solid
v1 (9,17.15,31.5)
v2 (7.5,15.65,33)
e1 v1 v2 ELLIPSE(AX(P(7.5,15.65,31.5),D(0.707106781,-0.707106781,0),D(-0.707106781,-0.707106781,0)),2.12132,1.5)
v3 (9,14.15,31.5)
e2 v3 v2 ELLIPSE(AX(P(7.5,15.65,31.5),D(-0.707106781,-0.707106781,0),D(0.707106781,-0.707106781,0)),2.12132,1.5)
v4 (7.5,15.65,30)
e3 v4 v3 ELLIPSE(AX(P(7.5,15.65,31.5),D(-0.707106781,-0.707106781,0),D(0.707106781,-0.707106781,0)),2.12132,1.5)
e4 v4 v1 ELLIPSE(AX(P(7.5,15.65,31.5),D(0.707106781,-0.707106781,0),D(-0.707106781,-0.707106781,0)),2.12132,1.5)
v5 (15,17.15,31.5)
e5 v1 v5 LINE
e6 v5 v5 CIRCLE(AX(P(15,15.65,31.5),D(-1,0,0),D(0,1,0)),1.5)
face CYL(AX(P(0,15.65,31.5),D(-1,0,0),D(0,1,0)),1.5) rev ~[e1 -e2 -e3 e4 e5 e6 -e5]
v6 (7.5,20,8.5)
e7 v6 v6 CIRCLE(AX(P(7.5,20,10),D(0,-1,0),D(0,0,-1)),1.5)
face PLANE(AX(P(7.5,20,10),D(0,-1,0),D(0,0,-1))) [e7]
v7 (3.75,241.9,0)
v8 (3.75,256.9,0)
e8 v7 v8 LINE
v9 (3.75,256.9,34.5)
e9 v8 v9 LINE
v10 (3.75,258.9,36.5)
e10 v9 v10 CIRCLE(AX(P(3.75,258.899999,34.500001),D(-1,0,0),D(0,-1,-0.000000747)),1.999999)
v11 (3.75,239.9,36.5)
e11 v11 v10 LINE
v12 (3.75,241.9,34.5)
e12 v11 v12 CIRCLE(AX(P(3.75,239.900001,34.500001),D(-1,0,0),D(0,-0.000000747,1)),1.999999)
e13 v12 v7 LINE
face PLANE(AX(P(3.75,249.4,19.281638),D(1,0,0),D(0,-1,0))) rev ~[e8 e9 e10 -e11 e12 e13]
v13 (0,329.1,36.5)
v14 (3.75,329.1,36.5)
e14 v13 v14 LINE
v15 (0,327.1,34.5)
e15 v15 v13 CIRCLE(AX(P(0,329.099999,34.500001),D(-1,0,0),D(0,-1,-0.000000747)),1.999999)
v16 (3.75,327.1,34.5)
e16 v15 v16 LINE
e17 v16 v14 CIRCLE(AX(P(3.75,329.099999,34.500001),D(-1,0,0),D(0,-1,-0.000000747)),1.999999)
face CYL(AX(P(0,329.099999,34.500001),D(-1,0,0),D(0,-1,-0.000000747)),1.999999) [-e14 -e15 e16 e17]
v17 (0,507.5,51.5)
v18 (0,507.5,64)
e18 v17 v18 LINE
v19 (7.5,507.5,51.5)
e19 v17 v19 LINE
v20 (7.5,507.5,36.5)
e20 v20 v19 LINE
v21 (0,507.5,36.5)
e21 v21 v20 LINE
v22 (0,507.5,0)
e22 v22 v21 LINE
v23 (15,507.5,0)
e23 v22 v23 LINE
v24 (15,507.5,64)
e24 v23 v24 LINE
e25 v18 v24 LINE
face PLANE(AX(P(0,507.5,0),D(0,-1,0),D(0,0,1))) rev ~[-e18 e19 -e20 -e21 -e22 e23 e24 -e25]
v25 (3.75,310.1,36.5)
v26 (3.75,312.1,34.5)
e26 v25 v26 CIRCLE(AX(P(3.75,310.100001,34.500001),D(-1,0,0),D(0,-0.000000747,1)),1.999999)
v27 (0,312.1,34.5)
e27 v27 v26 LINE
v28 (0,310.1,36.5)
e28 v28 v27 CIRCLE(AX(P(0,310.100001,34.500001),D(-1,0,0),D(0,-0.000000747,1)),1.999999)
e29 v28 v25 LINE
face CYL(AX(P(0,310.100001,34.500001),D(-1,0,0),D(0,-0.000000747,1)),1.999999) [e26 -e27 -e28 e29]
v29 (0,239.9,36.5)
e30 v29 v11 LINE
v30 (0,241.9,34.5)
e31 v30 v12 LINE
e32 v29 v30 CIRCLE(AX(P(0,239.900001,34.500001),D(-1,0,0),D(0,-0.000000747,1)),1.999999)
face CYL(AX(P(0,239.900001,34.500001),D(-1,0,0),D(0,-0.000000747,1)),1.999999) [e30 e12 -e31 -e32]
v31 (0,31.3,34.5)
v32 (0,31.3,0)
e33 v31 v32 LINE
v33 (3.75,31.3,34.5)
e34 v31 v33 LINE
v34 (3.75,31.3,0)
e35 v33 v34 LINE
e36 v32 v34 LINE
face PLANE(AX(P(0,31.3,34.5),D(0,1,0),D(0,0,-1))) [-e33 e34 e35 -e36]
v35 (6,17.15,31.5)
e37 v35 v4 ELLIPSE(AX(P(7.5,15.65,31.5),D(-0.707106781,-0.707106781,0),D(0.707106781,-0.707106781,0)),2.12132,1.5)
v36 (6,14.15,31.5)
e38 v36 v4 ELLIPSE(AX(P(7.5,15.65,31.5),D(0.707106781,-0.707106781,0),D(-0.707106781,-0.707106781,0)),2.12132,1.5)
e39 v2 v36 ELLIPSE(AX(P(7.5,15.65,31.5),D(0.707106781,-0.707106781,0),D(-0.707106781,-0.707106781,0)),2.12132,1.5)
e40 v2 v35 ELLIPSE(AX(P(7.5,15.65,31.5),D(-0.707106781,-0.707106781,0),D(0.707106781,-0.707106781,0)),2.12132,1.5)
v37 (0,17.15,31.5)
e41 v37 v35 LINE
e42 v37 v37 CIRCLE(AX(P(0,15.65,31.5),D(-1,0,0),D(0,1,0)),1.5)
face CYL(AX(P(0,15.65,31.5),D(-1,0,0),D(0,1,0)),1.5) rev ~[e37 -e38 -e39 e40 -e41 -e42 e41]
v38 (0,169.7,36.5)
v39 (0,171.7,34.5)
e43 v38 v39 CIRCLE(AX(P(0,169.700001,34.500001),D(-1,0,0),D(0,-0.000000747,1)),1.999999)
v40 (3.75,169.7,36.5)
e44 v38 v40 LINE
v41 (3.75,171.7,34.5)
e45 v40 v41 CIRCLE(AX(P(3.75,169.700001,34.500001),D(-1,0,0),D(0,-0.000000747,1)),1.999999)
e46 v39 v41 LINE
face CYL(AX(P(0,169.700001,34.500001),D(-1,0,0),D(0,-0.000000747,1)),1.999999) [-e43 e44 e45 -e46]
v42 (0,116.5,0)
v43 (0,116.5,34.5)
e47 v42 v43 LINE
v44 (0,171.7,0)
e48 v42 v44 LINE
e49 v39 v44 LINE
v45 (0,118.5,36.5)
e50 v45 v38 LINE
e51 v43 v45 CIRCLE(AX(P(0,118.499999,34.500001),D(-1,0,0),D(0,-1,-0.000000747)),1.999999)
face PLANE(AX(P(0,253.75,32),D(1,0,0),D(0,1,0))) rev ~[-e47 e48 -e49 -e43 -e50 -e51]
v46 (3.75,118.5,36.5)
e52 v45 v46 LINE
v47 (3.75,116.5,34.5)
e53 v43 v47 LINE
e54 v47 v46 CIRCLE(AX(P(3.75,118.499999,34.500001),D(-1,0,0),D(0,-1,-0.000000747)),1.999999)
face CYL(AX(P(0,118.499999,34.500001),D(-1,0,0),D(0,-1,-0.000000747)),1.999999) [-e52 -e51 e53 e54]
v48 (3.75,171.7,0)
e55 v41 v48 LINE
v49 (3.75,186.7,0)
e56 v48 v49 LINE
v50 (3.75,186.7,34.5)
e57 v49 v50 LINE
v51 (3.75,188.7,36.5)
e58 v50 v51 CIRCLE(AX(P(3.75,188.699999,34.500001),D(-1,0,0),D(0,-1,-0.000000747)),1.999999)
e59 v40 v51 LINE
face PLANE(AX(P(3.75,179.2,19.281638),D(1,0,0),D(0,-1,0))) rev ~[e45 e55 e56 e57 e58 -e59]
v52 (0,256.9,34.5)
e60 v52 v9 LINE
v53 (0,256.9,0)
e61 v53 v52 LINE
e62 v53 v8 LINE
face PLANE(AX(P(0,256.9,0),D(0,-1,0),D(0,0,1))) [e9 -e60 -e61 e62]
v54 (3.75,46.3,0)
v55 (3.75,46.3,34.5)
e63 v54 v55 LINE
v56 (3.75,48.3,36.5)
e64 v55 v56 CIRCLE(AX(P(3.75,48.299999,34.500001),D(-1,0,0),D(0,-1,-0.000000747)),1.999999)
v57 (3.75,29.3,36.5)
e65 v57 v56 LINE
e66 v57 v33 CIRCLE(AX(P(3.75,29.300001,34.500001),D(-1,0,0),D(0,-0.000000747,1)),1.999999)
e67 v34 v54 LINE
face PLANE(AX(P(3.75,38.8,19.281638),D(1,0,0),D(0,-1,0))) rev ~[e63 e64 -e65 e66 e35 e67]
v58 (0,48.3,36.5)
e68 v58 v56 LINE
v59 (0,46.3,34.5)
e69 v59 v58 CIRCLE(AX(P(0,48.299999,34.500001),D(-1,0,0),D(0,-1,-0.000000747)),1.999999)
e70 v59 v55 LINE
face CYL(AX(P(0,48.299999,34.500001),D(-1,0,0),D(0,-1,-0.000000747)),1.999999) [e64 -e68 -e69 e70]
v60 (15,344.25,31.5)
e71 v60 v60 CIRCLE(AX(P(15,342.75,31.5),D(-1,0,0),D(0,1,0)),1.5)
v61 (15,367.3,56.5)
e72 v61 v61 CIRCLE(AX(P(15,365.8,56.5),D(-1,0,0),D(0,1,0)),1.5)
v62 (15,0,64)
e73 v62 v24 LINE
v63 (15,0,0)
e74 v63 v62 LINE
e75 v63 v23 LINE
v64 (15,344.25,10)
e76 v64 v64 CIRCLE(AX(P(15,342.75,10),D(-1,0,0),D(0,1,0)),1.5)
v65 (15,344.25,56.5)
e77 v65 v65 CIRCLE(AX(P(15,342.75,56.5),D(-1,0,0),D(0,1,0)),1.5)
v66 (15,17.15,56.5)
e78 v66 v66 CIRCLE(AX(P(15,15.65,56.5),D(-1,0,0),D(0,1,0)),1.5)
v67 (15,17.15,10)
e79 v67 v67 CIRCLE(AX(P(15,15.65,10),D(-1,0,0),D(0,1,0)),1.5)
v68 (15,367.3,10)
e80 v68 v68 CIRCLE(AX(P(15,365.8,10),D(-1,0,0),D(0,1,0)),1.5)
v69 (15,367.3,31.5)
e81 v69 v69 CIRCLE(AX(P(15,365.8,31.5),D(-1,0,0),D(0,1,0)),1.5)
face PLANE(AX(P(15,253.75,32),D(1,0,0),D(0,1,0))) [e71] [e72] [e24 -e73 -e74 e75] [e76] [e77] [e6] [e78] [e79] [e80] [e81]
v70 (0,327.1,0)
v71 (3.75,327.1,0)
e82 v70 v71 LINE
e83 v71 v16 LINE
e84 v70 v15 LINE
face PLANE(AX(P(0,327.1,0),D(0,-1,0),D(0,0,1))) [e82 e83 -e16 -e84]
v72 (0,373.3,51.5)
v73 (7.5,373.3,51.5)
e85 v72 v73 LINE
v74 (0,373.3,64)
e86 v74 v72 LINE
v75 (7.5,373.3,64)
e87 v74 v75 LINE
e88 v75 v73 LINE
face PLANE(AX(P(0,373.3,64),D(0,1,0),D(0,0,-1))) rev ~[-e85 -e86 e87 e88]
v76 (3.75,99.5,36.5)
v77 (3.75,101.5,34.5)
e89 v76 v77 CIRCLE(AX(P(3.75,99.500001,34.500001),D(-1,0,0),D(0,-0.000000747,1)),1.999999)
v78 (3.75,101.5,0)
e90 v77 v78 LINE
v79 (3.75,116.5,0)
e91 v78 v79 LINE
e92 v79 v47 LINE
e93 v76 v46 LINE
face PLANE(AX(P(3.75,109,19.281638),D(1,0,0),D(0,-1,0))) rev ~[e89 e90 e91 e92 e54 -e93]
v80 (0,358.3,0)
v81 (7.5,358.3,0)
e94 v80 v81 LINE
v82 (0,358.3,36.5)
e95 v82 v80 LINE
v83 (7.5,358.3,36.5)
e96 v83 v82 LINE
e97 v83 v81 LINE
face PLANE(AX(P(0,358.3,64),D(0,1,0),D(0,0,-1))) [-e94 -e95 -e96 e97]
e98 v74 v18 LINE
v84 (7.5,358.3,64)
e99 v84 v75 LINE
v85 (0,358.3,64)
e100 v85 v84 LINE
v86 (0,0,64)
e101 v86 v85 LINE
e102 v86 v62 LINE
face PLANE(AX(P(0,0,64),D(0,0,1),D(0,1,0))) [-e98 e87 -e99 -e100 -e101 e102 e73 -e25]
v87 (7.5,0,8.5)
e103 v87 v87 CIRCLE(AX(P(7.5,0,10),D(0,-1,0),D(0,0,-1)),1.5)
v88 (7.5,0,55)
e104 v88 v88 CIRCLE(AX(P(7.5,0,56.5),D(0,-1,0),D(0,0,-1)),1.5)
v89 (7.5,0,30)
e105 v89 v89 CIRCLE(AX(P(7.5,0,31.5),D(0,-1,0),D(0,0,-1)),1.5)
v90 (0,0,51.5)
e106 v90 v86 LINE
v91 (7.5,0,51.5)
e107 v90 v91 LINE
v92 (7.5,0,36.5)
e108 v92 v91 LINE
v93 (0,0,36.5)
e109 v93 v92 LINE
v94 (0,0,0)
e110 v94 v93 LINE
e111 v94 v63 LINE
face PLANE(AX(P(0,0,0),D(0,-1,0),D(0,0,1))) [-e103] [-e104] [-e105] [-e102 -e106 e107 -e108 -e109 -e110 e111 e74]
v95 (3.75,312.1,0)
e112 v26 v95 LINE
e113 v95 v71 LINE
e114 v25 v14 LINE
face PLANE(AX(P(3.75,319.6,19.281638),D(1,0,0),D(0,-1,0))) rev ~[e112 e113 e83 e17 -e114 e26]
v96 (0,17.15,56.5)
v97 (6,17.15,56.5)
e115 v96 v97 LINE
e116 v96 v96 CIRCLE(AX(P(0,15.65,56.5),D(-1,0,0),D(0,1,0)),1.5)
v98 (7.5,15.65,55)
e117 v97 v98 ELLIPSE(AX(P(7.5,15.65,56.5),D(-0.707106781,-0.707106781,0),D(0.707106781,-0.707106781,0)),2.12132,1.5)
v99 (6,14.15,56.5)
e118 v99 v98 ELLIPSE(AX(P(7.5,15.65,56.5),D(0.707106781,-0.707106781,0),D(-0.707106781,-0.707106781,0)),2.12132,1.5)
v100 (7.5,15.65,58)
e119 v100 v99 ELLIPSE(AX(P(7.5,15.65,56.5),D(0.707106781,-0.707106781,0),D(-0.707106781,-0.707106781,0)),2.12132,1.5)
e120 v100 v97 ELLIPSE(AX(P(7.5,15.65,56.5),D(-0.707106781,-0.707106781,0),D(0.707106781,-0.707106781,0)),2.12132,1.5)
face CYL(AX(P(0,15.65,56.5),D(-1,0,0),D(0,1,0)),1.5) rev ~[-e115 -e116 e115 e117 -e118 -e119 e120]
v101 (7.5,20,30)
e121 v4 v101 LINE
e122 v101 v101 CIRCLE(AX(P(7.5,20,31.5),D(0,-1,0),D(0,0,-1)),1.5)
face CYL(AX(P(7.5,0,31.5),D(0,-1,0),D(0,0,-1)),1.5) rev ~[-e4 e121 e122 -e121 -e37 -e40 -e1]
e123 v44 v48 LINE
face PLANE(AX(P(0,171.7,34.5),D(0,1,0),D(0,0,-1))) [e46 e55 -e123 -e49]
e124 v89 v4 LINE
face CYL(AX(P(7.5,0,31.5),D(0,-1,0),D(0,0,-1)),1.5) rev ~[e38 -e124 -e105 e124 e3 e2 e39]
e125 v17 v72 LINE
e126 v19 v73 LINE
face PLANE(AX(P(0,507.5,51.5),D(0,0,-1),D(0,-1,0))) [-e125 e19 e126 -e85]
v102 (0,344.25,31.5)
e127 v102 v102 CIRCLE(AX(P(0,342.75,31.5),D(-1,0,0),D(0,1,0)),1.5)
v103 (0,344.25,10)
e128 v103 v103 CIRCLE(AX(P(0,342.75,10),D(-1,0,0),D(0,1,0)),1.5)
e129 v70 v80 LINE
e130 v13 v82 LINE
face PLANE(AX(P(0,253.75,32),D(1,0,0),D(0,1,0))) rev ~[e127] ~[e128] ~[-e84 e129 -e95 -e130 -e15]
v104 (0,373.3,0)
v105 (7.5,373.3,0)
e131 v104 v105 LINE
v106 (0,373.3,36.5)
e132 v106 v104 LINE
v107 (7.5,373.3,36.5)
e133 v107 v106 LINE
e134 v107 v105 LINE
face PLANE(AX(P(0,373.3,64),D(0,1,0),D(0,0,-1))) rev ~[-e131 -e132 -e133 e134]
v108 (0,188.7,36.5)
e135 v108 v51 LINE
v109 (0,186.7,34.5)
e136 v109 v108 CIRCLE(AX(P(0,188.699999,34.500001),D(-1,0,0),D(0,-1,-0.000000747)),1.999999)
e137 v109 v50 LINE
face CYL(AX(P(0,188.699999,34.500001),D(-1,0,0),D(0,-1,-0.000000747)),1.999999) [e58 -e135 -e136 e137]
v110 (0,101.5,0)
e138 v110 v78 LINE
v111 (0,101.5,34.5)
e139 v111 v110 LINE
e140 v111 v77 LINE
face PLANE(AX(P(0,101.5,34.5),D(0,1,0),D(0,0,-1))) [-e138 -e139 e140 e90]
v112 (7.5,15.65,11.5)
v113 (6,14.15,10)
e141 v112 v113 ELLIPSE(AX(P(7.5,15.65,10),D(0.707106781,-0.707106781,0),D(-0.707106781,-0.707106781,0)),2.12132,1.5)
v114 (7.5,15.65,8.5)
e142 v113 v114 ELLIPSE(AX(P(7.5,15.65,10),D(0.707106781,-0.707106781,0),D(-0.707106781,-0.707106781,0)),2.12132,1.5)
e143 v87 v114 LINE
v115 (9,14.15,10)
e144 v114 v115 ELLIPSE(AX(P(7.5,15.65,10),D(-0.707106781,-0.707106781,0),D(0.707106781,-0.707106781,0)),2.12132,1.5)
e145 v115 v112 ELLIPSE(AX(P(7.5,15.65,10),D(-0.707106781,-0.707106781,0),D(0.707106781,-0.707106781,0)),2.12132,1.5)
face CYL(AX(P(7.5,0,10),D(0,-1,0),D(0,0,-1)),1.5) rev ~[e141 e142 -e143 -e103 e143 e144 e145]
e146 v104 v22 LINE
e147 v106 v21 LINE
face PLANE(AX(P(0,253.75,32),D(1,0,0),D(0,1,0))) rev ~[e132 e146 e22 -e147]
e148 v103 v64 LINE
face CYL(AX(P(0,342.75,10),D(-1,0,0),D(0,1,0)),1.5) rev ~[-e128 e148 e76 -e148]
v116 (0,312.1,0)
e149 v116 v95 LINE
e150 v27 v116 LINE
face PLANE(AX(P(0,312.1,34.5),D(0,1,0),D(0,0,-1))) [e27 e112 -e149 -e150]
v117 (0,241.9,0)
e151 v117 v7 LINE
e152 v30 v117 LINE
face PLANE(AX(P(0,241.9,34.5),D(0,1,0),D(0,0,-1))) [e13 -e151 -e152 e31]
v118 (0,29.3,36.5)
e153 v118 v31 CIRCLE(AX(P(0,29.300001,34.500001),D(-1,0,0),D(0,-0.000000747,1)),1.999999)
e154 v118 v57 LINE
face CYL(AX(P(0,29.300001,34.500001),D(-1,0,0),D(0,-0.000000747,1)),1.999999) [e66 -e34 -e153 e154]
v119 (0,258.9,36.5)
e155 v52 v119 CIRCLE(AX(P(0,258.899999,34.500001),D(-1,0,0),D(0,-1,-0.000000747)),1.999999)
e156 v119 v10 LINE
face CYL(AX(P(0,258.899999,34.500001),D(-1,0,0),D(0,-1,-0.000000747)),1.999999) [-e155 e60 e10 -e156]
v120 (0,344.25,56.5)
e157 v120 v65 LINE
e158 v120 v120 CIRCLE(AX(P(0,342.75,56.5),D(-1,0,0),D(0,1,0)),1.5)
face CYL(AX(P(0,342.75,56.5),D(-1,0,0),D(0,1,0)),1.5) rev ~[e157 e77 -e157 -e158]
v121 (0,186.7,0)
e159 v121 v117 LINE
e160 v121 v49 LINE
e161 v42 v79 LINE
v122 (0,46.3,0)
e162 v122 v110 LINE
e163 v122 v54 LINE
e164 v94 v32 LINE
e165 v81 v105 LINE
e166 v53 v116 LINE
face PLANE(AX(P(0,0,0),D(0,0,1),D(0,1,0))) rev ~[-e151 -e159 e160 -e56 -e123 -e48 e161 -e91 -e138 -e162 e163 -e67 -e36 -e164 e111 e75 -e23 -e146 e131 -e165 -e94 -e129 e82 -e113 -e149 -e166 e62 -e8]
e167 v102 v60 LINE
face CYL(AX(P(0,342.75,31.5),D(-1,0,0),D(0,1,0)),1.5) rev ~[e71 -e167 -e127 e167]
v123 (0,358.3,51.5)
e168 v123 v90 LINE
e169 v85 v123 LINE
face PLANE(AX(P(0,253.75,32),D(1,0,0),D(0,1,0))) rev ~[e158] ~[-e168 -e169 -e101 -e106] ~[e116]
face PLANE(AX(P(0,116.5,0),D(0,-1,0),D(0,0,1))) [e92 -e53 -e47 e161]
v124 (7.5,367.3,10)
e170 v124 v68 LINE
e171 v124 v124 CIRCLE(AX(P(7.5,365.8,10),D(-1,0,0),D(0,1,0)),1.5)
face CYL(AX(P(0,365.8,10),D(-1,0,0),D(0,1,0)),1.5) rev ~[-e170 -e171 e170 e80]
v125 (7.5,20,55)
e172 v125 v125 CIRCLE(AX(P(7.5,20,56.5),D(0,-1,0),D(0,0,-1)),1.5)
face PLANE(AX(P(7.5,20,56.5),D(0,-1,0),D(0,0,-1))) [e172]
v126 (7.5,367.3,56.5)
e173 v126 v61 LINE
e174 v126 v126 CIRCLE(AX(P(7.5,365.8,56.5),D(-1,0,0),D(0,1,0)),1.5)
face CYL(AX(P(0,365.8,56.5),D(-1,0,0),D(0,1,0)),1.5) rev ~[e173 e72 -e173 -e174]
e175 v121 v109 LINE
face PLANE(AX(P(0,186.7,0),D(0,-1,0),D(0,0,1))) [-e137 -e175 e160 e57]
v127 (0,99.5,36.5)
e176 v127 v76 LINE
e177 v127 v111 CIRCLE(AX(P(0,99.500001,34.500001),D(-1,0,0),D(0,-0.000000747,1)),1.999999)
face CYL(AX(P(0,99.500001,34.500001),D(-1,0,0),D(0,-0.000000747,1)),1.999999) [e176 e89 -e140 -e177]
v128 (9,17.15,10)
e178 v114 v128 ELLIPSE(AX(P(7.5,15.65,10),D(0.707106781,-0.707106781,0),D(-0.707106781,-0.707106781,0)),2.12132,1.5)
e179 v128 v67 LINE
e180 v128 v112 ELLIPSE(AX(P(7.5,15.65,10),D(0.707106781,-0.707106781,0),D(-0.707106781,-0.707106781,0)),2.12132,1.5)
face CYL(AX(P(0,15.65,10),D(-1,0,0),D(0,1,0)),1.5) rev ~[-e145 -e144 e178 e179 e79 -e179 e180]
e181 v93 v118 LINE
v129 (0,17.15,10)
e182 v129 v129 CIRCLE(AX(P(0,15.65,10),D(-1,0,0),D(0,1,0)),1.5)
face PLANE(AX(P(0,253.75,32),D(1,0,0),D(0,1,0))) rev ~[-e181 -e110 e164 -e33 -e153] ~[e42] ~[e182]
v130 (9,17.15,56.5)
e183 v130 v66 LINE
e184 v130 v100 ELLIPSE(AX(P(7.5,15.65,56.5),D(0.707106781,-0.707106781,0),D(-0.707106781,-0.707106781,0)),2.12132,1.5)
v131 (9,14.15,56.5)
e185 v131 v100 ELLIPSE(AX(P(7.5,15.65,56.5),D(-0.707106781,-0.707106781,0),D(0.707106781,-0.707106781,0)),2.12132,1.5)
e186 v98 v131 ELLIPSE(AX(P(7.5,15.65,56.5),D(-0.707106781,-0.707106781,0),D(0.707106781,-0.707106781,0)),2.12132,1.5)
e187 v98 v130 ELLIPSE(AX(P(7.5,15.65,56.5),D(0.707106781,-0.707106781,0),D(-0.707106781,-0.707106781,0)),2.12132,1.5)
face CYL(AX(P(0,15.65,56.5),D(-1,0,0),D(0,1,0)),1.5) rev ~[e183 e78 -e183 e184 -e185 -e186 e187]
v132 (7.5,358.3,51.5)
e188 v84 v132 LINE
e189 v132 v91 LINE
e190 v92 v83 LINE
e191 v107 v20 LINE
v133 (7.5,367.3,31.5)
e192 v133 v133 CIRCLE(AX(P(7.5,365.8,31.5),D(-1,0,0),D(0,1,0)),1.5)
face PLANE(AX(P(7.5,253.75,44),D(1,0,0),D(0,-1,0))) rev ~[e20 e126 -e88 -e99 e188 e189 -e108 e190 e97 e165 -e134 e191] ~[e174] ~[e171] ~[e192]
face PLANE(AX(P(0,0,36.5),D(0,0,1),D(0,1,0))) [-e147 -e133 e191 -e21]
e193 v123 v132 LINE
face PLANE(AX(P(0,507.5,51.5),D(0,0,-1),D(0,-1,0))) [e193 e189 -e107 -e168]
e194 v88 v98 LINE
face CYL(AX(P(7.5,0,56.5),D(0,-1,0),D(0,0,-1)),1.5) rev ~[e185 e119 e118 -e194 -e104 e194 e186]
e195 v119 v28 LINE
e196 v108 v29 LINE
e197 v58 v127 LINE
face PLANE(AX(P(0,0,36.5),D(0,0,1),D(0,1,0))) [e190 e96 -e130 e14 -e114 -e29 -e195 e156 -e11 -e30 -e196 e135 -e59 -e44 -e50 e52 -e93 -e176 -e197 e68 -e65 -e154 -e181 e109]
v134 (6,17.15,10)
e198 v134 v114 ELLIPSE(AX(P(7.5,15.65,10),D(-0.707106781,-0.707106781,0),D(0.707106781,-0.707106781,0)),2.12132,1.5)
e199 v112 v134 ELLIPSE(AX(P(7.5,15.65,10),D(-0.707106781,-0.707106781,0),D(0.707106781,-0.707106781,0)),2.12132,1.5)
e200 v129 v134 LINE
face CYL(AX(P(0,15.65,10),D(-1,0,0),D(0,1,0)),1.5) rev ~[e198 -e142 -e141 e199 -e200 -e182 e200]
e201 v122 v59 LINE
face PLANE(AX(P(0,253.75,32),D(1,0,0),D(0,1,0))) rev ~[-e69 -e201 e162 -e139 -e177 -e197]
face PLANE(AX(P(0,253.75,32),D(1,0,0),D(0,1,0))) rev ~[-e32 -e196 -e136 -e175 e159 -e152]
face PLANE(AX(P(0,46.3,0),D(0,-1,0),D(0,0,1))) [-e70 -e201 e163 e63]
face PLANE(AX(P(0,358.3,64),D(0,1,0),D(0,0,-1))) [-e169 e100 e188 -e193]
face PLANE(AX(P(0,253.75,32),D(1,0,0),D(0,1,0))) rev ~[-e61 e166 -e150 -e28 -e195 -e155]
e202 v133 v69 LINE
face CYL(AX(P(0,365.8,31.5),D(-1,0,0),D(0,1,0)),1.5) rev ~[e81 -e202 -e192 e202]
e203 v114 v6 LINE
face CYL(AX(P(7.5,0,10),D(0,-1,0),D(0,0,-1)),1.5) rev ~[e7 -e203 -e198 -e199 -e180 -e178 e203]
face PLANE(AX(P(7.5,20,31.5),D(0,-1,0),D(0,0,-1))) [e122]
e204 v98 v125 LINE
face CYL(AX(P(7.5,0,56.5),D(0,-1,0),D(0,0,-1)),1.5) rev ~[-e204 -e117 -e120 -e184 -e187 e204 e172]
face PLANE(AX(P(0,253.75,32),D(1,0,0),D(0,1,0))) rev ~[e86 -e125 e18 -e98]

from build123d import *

# Parameters (mm, degrees)
SKETCH_W             = 507.5
SKETCH_H             = 64
PAD_DEPTH            = 15
POCKET_DEPTH         = 7.5
POCKET001_DEPTH      = 3.75
LINEARPATTERN_COUNT  = 5
LINEARPATTERN_PITCH  = 70.2
SKETCH003_W          = 15
SKETCH003_H          = 64
POCKET002_DEPTH      = 7.5
SKETCH004_R          = 1.5
POCKET003_DEPTH      = 15.001
POCKET003_DEPTH_BACK = 0.001
SKETCH005_R          = 1.5
POCKET004_DEPTH      = 20
SKETCH006_R          = 1.5
POCKET005_DEPTH      = 15.001


with BuildPart() as part:
    # Sketch → Pad (new body)
    with BuildSketch(Plane.YZ):
        with Locations((253.75, 32)):
            Rectangle(SKETCH_W, SKETCH_H)
    extrude(amount=PAD_DEPTH)

    # Sketch001 (on Face5 of Pad) → Pocket (cut)
    with BuildSketch(Plane(origin=(0, 0, 0), x_dir=(0, 1, 0), z_dir=(-1, 0, 0))):
        Polygon((0, -36.5), (507.5, -36.5), (507.5, -51.5), (0, -51.5), (0, -44), align=None)
    extrude(amount=-POCKET_DEPTH, mode=Mode.SUBTRACT)

    # Sketch002 (on Face4 of Pocket) → Pocket001 (cut)
    with BuildSketch(Plane(origin=(0, 0, 0), x_dir=(0, 1, 0), z_dir=(-1, 0, 0))):
        with BuildLine():
            Line((31.3, 0), (46.3, 0))
            Line((46.3, 0), (46.3, -34.5))
            ThreePointArc((46.3, -34.5), (46.885786, -35.914214), (48.3, -36.5))
            Line((29.3, -36.5), (48.3, -36.5))
            ThreePointArc((29.3, -36.5), (30.714214, -35.914214), (31.3, -34.5))
            Line((31.3, -34.5), (31.3, 0))
        make_face()
    pocket001 = extrude(amount=-POCKET001_DEPTH, mode=Mode.SUBTRACT)

    # LinearPattern: Pocket001 ×5
    with Locations(*[(0, i * LINEARPATTERN_PITCH, 0) for i in range(1, LINEARPATTERN_COUNT)]):
        add(pocket001, mode=Mode.SUBTRACT)

    # Sketch003 (on Face2 of MultiTransform) → Pocket002 (cut)
    with BuildSketch(Plane(origin=(0, 0, 0), x_dir=(0, 1, 0), z_dir=(-1, 0, 0))):
        with Locations((365.8, -32)):
            Rectangle(SKETCH003_W, SKETCH003_H)
    extrude(amount=-POCKET002_DEPTH, mode=Mode.SUBTRACT)

    # Sketch004 (on Face2 of Pocket002) → Pocket003 (cut, two sides)
    with BuildSketch(Plane(origin=(0, 0, 0), x_dir=(0, 1, 0), z_dir=(-1, 0, 0))) as pocket003_sk:
        with Locations((365.8, -10)):
            Circle(SKETCH004_R)
        with Locations((365.8, -31.5)):
            Circle(SKETCH004_R)
        with Locations((365.8, -56.5)):
            Circle(SKETCH004_R)
    extrude(amount=-POCKET003_DEPTH, mode=Mode.SUBTRACT)
    extrude(pocket003_sk.sketch, amount=POCKET003_DEPTH_BACK, mode=Mode.SUBTRACT)

    # Sketch005 (on Face29 of Pocket003) → Pocket004 (cut)
    with BuildSketch(Plane(origin=(0, 0, 0), x_dir=(0, 0, -1), z_dir=(0, -1, 0))):
        with Locations((-56.5, 7.5)):
            Circle(SKETCH005_R)
        with Locations((-31.5, 7.5)):
            Circle(SKETCH005_R)
        with Locations((-10, 7.5)):
            Circle(SKETCH005_R)
    extrude(amount=-POCKET004_DEPTH, mode=Mode.SUBTRACT)

    # Sketch006 (on Face2 of Pocket003) → Pocket005 (cut, through all)
    with BuildSketch(Plane(origin=(0, 0, 0), x_dir=(0, 1, 0), z_dir=(-1, 0, 0))):
        with Locations((15.65, -10)):
            Circle(SKETCH006_R)
        with Locations((15.65, -31.5)):
            Circle(SKETCH006_R)
        with Locations((15.65, -56.5)):
            Circle(SKETCH006_R)
        with Locations((342.75, -10)):
            Circle(SKETCH006_R)
        with Locations((342.75, -31.5)):
            Circle(SKETCH006_R)
        with Locations((342.75, -56.5)):
            Circle(SKETCH006_R)
    extrude(amount=-POCKET005_DEPTH, mode=Mode.SUBTRACT)


solid = part.part
